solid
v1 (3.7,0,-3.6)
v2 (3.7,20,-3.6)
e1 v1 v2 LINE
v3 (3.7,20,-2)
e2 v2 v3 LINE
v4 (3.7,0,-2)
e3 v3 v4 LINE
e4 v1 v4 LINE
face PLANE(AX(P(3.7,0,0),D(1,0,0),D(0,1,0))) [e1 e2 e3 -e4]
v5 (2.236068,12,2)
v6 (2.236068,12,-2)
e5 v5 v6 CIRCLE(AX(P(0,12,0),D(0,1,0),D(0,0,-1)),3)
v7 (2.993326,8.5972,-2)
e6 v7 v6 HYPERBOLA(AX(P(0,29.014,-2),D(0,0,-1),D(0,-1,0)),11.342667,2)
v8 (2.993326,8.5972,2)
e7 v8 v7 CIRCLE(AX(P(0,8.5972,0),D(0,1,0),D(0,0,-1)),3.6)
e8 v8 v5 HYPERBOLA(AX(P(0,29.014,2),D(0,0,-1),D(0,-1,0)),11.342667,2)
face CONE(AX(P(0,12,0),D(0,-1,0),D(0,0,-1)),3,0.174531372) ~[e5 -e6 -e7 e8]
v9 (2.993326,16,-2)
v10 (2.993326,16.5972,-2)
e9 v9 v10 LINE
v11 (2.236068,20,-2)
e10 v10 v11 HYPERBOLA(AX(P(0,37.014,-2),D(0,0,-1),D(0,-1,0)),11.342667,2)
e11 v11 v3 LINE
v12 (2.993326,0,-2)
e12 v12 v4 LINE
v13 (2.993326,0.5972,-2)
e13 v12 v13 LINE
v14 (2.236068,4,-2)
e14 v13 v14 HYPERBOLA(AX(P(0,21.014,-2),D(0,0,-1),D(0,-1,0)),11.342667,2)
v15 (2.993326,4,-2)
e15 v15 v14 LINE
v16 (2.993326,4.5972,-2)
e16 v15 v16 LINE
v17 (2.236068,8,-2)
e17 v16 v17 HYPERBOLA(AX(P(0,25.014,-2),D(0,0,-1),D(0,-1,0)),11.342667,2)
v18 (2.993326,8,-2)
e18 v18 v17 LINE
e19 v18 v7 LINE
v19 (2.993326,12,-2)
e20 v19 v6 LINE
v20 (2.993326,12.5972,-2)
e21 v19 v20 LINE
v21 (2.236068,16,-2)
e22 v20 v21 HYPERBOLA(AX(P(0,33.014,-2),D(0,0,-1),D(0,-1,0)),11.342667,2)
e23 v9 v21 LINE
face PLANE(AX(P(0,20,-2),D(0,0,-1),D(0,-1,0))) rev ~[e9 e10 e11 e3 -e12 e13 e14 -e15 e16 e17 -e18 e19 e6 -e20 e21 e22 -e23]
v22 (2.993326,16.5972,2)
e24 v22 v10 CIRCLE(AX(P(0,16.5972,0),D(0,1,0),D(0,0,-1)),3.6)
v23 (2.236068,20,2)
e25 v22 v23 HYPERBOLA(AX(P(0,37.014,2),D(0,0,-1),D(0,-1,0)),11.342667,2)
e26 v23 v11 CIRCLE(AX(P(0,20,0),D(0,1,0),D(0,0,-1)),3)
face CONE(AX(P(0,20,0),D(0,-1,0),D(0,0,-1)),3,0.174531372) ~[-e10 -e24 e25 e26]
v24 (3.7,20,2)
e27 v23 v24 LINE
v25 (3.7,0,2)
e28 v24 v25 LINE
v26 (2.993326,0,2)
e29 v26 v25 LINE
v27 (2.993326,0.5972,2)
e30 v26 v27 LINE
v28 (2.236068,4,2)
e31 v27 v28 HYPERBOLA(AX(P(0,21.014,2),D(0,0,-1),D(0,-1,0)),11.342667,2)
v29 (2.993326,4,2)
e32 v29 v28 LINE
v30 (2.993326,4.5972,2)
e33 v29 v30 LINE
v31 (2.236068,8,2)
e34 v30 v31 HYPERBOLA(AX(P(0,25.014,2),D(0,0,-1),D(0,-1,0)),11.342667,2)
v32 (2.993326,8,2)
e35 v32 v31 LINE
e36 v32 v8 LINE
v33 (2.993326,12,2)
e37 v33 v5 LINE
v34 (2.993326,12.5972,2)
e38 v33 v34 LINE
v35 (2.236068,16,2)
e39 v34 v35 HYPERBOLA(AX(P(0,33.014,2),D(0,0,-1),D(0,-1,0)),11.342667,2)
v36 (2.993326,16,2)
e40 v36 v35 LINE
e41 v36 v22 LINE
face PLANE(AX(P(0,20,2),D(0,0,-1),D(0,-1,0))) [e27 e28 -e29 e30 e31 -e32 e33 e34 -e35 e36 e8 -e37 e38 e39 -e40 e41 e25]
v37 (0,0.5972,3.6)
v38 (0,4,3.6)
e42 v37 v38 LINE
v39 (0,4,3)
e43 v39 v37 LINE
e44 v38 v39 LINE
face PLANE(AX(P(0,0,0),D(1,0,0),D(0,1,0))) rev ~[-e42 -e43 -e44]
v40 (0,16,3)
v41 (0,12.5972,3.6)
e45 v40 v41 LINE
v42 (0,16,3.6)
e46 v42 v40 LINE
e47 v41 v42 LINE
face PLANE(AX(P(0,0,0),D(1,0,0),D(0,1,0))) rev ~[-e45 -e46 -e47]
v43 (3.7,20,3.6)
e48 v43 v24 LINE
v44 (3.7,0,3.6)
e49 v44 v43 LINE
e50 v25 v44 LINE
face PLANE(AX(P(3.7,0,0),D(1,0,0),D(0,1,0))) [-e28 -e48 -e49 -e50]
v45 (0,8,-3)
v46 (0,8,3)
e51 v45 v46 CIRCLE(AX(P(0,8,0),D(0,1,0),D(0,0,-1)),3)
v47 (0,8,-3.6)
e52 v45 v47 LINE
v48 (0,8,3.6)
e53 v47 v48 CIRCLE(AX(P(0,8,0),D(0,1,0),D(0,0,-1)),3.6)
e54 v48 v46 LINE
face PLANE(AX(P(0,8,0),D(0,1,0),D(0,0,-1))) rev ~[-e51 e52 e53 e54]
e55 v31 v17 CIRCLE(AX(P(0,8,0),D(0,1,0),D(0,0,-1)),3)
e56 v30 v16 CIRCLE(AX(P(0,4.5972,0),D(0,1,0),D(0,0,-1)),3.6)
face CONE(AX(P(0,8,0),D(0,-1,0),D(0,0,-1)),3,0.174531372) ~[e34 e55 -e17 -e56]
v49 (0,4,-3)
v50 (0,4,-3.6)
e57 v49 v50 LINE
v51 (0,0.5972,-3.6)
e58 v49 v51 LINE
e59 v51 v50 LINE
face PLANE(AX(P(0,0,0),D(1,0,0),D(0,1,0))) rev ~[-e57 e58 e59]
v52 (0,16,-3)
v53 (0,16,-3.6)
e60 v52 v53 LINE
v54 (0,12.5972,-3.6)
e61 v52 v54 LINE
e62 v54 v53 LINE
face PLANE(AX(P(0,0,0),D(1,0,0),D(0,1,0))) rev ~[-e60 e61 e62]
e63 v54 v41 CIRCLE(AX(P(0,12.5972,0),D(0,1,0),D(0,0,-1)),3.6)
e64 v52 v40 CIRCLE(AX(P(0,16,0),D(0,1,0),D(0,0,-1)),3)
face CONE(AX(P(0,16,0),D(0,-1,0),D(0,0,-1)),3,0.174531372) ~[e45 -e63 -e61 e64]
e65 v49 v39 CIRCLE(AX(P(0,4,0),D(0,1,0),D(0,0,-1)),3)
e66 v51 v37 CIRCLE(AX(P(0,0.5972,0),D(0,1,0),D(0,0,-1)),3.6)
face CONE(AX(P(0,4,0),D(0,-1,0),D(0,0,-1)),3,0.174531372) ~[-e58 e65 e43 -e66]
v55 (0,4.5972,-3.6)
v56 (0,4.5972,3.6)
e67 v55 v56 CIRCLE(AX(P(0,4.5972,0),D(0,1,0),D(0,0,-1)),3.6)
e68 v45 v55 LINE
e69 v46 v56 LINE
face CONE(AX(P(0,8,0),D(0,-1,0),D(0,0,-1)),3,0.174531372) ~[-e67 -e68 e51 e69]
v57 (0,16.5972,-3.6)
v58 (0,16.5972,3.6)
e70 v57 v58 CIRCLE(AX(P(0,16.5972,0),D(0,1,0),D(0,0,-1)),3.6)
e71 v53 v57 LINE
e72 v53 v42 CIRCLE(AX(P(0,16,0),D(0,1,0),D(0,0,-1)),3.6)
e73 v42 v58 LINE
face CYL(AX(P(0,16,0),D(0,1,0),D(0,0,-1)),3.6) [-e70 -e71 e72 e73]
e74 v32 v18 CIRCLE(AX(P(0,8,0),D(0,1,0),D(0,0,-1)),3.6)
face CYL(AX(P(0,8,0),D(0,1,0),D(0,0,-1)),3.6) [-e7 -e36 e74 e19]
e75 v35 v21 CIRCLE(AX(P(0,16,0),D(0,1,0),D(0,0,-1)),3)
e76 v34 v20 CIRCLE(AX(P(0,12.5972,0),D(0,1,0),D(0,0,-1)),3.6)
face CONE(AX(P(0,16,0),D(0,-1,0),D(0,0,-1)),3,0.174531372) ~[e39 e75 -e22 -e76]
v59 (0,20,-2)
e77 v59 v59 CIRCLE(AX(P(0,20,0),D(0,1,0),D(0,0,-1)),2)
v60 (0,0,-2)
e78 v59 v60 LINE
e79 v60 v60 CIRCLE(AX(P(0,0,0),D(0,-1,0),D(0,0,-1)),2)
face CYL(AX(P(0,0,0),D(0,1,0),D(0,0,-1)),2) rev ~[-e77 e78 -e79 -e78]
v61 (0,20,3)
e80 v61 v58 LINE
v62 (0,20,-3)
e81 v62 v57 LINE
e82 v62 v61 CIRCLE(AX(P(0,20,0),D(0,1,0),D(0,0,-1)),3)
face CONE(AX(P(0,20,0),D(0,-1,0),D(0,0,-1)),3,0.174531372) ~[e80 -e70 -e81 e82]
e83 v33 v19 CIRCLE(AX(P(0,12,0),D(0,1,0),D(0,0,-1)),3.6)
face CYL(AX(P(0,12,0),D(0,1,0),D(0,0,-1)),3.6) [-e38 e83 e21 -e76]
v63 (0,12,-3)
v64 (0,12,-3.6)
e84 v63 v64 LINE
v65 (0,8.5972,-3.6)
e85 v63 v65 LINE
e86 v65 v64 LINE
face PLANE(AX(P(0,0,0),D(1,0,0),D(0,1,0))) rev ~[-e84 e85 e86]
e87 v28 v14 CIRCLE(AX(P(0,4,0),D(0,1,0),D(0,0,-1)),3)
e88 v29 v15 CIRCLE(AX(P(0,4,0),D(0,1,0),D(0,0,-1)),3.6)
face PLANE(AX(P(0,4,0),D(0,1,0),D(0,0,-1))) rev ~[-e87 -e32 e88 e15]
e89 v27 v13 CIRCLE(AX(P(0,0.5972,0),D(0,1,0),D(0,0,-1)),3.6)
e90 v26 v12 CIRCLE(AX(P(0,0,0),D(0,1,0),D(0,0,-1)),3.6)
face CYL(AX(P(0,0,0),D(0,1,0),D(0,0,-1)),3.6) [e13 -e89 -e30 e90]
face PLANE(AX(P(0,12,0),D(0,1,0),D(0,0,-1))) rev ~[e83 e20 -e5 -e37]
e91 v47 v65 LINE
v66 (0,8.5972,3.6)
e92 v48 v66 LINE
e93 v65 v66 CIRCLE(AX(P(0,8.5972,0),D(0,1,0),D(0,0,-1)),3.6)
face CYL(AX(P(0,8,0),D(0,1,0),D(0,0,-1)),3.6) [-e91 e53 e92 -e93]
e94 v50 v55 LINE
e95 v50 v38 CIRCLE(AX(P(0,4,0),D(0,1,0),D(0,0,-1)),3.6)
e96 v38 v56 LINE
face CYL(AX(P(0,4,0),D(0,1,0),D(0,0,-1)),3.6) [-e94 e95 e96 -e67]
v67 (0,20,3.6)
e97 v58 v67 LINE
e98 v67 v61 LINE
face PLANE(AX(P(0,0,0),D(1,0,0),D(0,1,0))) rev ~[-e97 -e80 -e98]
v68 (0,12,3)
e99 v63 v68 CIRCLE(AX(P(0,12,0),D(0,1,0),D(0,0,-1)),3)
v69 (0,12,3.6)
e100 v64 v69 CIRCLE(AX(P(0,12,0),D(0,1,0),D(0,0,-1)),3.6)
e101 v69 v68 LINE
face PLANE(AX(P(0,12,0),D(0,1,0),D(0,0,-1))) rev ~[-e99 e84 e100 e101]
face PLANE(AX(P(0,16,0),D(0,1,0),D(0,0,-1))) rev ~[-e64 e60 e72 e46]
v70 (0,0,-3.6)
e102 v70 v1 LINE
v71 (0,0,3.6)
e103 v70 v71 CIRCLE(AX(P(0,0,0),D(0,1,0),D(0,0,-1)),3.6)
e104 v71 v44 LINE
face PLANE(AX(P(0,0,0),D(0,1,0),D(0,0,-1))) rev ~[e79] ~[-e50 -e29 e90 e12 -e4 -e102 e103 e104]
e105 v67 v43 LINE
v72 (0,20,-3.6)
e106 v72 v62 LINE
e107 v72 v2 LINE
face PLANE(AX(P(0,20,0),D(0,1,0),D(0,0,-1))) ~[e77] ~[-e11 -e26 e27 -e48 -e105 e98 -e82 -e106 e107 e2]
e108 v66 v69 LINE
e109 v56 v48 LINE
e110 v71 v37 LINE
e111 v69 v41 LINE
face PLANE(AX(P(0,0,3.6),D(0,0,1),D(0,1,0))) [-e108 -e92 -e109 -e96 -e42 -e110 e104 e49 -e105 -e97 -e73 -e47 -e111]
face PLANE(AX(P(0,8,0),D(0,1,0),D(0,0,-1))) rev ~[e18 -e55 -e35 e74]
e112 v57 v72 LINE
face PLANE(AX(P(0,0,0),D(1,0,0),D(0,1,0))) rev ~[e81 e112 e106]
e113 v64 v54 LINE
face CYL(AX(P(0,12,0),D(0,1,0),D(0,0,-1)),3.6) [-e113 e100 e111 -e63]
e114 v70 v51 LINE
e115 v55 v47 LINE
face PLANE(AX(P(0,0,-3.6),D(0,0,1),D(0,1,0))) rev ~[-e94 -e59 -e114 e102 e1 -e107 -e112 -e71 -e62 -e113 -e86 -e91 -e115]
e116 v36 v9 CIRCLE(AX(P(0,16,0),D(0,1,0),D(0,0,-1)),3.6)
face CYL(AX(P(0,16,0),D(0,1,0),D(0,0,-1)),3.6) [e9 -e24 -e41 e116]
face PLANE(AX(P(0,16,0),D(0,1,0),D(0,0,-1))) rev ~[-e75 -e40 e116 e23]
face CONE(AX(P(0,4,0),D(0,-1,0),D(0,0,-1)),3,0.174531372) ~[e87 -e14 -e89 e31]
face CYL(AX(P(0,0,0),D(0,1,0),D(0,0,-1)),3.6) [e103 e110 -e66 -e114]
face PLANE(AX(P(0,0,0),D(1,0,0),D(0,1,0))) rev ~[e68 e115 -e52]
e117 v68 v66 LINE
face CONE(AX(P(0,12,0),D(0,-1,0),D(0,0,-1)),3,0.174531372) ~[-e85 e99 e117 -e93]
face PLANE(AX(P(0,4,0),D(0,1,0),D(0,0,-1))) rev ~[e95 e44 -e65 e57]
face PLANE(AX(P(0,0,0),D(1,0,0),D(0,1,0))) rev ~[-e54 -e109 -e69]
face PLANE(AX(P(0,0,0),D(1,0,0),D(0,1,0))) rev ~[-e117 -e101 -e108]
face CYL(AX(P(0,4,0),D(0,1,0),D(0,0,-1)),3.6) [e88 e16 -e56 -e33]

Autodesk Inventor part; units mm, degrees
ref_plane "YZ Plane" through (0, 0, 0) normal (1, 0, 0) x (0, 1, 0)
ref_plane "XZ Plane" through (0, 0, 0) normal (0, 1, 0) x (-1, 0, 0)
ref_plane "XY Plane" through (0, 0, 0) normal (0, 0, 1) x (1, 0, 0)
sketch "Sketch1" plane through (0, 0, 0) normal (1, 0, 0) x (0, 1, 0)
  line L0 (0, -2) -> (4, -2)
  line L1 (4, -2) -> (4, -3)
  line L2 (4, -3) -> (0.5972, -3.6)
  line L3 (0, -3.6) -> (0, -2)
  line L4 (-4, 0) -> (24, 0) projected
  line L5 (0, -3.6) -> (0.5972, -3.6)
  line L6 (4, -2) -> (8, -2)
  line L7 (8, -2) -> (8, -3)
  line L8 (8, -3) -> (4.5972, -3.6)
  line L9 (4, -3.6) -> (4, -2)
  line L10 (4, -3.6) -> (4.5972, -3.6)
  line L11 (8, -2) -> (12, -2)
  line L12 (12, -2) -> (12, -3)
  line L13 (12, -3) -> (8.5972, -3.6)
  line L14 (8, -3.6) -> (8, -2)
  line L15 (8, -3.6) -> (8.5972, -3.6)
  line L16 (12, -2) -> (16, -2)
  line L17 (16, -2) -> (16, -3)
  line L18 (16, -3) -> (12.5972, -3.6)
  line L19 (12, -3.6) -> (12, -2)
  line L20 (12, -3.6) -> (12.5972, -3.6)
  line L21 (16, -2) -> (20, -2)
  line L22 (20, -2) -> (20, -3)
  line L23 (20, -3) -> (16.5972, -3.6)
  line L24 (16, -3.6) -> (16, -2)
  line L25 (16, -3.6) -> (16.5972, -3.6)
  point P0 (0, 0)
  dimension "d0" = 1
  dimension "d1" = 2
  dimension "d2" = 4
  dimension "d3" = 10
  dimension "d4" = 0
  dimension "d12" = 3.6
  dimension "d15" = 4
revolve "Revolution1" add sketch "Sketch1" angle 360 about axis through (0, -10, 0) along (0, 1, 0)
sketch "Sketch2" plane through (0, 0, 0) normal (1, 0, 0) x (0, 1, 0)
  line L0 (0, -3.6) -> (0, 3.6) projected
  line L1 (20, -2) -> (20, 2) projected
  line L2 (0, -3.6) -> (20, -3.6)
  line L3 (20, -3.6) -> (20, -2)
  line L4 (20, -2) -> (0, -2)
  line L5 (0, -2) -> (0, -3.6)
  line L6 (0, 3.6) -> (20, 3.6)
  line L7 (20, 3.6) -> (20, 2)
  line L8 (20, 2) -> (0, 2)
  line L9 (0, 2) -> (0, 3.6)
  point P0 (0, 0)
  point P1 (0, 1.6227)
  point P2 (20, -3.8756)
  dimension "d24" = 1.6
extrude "Extrusion1" add sketch "Sketch2" along normal blind 3.7 contours L0 L4 L3 L2 | L0 L6 L7 L8
properties part number "nipple"
